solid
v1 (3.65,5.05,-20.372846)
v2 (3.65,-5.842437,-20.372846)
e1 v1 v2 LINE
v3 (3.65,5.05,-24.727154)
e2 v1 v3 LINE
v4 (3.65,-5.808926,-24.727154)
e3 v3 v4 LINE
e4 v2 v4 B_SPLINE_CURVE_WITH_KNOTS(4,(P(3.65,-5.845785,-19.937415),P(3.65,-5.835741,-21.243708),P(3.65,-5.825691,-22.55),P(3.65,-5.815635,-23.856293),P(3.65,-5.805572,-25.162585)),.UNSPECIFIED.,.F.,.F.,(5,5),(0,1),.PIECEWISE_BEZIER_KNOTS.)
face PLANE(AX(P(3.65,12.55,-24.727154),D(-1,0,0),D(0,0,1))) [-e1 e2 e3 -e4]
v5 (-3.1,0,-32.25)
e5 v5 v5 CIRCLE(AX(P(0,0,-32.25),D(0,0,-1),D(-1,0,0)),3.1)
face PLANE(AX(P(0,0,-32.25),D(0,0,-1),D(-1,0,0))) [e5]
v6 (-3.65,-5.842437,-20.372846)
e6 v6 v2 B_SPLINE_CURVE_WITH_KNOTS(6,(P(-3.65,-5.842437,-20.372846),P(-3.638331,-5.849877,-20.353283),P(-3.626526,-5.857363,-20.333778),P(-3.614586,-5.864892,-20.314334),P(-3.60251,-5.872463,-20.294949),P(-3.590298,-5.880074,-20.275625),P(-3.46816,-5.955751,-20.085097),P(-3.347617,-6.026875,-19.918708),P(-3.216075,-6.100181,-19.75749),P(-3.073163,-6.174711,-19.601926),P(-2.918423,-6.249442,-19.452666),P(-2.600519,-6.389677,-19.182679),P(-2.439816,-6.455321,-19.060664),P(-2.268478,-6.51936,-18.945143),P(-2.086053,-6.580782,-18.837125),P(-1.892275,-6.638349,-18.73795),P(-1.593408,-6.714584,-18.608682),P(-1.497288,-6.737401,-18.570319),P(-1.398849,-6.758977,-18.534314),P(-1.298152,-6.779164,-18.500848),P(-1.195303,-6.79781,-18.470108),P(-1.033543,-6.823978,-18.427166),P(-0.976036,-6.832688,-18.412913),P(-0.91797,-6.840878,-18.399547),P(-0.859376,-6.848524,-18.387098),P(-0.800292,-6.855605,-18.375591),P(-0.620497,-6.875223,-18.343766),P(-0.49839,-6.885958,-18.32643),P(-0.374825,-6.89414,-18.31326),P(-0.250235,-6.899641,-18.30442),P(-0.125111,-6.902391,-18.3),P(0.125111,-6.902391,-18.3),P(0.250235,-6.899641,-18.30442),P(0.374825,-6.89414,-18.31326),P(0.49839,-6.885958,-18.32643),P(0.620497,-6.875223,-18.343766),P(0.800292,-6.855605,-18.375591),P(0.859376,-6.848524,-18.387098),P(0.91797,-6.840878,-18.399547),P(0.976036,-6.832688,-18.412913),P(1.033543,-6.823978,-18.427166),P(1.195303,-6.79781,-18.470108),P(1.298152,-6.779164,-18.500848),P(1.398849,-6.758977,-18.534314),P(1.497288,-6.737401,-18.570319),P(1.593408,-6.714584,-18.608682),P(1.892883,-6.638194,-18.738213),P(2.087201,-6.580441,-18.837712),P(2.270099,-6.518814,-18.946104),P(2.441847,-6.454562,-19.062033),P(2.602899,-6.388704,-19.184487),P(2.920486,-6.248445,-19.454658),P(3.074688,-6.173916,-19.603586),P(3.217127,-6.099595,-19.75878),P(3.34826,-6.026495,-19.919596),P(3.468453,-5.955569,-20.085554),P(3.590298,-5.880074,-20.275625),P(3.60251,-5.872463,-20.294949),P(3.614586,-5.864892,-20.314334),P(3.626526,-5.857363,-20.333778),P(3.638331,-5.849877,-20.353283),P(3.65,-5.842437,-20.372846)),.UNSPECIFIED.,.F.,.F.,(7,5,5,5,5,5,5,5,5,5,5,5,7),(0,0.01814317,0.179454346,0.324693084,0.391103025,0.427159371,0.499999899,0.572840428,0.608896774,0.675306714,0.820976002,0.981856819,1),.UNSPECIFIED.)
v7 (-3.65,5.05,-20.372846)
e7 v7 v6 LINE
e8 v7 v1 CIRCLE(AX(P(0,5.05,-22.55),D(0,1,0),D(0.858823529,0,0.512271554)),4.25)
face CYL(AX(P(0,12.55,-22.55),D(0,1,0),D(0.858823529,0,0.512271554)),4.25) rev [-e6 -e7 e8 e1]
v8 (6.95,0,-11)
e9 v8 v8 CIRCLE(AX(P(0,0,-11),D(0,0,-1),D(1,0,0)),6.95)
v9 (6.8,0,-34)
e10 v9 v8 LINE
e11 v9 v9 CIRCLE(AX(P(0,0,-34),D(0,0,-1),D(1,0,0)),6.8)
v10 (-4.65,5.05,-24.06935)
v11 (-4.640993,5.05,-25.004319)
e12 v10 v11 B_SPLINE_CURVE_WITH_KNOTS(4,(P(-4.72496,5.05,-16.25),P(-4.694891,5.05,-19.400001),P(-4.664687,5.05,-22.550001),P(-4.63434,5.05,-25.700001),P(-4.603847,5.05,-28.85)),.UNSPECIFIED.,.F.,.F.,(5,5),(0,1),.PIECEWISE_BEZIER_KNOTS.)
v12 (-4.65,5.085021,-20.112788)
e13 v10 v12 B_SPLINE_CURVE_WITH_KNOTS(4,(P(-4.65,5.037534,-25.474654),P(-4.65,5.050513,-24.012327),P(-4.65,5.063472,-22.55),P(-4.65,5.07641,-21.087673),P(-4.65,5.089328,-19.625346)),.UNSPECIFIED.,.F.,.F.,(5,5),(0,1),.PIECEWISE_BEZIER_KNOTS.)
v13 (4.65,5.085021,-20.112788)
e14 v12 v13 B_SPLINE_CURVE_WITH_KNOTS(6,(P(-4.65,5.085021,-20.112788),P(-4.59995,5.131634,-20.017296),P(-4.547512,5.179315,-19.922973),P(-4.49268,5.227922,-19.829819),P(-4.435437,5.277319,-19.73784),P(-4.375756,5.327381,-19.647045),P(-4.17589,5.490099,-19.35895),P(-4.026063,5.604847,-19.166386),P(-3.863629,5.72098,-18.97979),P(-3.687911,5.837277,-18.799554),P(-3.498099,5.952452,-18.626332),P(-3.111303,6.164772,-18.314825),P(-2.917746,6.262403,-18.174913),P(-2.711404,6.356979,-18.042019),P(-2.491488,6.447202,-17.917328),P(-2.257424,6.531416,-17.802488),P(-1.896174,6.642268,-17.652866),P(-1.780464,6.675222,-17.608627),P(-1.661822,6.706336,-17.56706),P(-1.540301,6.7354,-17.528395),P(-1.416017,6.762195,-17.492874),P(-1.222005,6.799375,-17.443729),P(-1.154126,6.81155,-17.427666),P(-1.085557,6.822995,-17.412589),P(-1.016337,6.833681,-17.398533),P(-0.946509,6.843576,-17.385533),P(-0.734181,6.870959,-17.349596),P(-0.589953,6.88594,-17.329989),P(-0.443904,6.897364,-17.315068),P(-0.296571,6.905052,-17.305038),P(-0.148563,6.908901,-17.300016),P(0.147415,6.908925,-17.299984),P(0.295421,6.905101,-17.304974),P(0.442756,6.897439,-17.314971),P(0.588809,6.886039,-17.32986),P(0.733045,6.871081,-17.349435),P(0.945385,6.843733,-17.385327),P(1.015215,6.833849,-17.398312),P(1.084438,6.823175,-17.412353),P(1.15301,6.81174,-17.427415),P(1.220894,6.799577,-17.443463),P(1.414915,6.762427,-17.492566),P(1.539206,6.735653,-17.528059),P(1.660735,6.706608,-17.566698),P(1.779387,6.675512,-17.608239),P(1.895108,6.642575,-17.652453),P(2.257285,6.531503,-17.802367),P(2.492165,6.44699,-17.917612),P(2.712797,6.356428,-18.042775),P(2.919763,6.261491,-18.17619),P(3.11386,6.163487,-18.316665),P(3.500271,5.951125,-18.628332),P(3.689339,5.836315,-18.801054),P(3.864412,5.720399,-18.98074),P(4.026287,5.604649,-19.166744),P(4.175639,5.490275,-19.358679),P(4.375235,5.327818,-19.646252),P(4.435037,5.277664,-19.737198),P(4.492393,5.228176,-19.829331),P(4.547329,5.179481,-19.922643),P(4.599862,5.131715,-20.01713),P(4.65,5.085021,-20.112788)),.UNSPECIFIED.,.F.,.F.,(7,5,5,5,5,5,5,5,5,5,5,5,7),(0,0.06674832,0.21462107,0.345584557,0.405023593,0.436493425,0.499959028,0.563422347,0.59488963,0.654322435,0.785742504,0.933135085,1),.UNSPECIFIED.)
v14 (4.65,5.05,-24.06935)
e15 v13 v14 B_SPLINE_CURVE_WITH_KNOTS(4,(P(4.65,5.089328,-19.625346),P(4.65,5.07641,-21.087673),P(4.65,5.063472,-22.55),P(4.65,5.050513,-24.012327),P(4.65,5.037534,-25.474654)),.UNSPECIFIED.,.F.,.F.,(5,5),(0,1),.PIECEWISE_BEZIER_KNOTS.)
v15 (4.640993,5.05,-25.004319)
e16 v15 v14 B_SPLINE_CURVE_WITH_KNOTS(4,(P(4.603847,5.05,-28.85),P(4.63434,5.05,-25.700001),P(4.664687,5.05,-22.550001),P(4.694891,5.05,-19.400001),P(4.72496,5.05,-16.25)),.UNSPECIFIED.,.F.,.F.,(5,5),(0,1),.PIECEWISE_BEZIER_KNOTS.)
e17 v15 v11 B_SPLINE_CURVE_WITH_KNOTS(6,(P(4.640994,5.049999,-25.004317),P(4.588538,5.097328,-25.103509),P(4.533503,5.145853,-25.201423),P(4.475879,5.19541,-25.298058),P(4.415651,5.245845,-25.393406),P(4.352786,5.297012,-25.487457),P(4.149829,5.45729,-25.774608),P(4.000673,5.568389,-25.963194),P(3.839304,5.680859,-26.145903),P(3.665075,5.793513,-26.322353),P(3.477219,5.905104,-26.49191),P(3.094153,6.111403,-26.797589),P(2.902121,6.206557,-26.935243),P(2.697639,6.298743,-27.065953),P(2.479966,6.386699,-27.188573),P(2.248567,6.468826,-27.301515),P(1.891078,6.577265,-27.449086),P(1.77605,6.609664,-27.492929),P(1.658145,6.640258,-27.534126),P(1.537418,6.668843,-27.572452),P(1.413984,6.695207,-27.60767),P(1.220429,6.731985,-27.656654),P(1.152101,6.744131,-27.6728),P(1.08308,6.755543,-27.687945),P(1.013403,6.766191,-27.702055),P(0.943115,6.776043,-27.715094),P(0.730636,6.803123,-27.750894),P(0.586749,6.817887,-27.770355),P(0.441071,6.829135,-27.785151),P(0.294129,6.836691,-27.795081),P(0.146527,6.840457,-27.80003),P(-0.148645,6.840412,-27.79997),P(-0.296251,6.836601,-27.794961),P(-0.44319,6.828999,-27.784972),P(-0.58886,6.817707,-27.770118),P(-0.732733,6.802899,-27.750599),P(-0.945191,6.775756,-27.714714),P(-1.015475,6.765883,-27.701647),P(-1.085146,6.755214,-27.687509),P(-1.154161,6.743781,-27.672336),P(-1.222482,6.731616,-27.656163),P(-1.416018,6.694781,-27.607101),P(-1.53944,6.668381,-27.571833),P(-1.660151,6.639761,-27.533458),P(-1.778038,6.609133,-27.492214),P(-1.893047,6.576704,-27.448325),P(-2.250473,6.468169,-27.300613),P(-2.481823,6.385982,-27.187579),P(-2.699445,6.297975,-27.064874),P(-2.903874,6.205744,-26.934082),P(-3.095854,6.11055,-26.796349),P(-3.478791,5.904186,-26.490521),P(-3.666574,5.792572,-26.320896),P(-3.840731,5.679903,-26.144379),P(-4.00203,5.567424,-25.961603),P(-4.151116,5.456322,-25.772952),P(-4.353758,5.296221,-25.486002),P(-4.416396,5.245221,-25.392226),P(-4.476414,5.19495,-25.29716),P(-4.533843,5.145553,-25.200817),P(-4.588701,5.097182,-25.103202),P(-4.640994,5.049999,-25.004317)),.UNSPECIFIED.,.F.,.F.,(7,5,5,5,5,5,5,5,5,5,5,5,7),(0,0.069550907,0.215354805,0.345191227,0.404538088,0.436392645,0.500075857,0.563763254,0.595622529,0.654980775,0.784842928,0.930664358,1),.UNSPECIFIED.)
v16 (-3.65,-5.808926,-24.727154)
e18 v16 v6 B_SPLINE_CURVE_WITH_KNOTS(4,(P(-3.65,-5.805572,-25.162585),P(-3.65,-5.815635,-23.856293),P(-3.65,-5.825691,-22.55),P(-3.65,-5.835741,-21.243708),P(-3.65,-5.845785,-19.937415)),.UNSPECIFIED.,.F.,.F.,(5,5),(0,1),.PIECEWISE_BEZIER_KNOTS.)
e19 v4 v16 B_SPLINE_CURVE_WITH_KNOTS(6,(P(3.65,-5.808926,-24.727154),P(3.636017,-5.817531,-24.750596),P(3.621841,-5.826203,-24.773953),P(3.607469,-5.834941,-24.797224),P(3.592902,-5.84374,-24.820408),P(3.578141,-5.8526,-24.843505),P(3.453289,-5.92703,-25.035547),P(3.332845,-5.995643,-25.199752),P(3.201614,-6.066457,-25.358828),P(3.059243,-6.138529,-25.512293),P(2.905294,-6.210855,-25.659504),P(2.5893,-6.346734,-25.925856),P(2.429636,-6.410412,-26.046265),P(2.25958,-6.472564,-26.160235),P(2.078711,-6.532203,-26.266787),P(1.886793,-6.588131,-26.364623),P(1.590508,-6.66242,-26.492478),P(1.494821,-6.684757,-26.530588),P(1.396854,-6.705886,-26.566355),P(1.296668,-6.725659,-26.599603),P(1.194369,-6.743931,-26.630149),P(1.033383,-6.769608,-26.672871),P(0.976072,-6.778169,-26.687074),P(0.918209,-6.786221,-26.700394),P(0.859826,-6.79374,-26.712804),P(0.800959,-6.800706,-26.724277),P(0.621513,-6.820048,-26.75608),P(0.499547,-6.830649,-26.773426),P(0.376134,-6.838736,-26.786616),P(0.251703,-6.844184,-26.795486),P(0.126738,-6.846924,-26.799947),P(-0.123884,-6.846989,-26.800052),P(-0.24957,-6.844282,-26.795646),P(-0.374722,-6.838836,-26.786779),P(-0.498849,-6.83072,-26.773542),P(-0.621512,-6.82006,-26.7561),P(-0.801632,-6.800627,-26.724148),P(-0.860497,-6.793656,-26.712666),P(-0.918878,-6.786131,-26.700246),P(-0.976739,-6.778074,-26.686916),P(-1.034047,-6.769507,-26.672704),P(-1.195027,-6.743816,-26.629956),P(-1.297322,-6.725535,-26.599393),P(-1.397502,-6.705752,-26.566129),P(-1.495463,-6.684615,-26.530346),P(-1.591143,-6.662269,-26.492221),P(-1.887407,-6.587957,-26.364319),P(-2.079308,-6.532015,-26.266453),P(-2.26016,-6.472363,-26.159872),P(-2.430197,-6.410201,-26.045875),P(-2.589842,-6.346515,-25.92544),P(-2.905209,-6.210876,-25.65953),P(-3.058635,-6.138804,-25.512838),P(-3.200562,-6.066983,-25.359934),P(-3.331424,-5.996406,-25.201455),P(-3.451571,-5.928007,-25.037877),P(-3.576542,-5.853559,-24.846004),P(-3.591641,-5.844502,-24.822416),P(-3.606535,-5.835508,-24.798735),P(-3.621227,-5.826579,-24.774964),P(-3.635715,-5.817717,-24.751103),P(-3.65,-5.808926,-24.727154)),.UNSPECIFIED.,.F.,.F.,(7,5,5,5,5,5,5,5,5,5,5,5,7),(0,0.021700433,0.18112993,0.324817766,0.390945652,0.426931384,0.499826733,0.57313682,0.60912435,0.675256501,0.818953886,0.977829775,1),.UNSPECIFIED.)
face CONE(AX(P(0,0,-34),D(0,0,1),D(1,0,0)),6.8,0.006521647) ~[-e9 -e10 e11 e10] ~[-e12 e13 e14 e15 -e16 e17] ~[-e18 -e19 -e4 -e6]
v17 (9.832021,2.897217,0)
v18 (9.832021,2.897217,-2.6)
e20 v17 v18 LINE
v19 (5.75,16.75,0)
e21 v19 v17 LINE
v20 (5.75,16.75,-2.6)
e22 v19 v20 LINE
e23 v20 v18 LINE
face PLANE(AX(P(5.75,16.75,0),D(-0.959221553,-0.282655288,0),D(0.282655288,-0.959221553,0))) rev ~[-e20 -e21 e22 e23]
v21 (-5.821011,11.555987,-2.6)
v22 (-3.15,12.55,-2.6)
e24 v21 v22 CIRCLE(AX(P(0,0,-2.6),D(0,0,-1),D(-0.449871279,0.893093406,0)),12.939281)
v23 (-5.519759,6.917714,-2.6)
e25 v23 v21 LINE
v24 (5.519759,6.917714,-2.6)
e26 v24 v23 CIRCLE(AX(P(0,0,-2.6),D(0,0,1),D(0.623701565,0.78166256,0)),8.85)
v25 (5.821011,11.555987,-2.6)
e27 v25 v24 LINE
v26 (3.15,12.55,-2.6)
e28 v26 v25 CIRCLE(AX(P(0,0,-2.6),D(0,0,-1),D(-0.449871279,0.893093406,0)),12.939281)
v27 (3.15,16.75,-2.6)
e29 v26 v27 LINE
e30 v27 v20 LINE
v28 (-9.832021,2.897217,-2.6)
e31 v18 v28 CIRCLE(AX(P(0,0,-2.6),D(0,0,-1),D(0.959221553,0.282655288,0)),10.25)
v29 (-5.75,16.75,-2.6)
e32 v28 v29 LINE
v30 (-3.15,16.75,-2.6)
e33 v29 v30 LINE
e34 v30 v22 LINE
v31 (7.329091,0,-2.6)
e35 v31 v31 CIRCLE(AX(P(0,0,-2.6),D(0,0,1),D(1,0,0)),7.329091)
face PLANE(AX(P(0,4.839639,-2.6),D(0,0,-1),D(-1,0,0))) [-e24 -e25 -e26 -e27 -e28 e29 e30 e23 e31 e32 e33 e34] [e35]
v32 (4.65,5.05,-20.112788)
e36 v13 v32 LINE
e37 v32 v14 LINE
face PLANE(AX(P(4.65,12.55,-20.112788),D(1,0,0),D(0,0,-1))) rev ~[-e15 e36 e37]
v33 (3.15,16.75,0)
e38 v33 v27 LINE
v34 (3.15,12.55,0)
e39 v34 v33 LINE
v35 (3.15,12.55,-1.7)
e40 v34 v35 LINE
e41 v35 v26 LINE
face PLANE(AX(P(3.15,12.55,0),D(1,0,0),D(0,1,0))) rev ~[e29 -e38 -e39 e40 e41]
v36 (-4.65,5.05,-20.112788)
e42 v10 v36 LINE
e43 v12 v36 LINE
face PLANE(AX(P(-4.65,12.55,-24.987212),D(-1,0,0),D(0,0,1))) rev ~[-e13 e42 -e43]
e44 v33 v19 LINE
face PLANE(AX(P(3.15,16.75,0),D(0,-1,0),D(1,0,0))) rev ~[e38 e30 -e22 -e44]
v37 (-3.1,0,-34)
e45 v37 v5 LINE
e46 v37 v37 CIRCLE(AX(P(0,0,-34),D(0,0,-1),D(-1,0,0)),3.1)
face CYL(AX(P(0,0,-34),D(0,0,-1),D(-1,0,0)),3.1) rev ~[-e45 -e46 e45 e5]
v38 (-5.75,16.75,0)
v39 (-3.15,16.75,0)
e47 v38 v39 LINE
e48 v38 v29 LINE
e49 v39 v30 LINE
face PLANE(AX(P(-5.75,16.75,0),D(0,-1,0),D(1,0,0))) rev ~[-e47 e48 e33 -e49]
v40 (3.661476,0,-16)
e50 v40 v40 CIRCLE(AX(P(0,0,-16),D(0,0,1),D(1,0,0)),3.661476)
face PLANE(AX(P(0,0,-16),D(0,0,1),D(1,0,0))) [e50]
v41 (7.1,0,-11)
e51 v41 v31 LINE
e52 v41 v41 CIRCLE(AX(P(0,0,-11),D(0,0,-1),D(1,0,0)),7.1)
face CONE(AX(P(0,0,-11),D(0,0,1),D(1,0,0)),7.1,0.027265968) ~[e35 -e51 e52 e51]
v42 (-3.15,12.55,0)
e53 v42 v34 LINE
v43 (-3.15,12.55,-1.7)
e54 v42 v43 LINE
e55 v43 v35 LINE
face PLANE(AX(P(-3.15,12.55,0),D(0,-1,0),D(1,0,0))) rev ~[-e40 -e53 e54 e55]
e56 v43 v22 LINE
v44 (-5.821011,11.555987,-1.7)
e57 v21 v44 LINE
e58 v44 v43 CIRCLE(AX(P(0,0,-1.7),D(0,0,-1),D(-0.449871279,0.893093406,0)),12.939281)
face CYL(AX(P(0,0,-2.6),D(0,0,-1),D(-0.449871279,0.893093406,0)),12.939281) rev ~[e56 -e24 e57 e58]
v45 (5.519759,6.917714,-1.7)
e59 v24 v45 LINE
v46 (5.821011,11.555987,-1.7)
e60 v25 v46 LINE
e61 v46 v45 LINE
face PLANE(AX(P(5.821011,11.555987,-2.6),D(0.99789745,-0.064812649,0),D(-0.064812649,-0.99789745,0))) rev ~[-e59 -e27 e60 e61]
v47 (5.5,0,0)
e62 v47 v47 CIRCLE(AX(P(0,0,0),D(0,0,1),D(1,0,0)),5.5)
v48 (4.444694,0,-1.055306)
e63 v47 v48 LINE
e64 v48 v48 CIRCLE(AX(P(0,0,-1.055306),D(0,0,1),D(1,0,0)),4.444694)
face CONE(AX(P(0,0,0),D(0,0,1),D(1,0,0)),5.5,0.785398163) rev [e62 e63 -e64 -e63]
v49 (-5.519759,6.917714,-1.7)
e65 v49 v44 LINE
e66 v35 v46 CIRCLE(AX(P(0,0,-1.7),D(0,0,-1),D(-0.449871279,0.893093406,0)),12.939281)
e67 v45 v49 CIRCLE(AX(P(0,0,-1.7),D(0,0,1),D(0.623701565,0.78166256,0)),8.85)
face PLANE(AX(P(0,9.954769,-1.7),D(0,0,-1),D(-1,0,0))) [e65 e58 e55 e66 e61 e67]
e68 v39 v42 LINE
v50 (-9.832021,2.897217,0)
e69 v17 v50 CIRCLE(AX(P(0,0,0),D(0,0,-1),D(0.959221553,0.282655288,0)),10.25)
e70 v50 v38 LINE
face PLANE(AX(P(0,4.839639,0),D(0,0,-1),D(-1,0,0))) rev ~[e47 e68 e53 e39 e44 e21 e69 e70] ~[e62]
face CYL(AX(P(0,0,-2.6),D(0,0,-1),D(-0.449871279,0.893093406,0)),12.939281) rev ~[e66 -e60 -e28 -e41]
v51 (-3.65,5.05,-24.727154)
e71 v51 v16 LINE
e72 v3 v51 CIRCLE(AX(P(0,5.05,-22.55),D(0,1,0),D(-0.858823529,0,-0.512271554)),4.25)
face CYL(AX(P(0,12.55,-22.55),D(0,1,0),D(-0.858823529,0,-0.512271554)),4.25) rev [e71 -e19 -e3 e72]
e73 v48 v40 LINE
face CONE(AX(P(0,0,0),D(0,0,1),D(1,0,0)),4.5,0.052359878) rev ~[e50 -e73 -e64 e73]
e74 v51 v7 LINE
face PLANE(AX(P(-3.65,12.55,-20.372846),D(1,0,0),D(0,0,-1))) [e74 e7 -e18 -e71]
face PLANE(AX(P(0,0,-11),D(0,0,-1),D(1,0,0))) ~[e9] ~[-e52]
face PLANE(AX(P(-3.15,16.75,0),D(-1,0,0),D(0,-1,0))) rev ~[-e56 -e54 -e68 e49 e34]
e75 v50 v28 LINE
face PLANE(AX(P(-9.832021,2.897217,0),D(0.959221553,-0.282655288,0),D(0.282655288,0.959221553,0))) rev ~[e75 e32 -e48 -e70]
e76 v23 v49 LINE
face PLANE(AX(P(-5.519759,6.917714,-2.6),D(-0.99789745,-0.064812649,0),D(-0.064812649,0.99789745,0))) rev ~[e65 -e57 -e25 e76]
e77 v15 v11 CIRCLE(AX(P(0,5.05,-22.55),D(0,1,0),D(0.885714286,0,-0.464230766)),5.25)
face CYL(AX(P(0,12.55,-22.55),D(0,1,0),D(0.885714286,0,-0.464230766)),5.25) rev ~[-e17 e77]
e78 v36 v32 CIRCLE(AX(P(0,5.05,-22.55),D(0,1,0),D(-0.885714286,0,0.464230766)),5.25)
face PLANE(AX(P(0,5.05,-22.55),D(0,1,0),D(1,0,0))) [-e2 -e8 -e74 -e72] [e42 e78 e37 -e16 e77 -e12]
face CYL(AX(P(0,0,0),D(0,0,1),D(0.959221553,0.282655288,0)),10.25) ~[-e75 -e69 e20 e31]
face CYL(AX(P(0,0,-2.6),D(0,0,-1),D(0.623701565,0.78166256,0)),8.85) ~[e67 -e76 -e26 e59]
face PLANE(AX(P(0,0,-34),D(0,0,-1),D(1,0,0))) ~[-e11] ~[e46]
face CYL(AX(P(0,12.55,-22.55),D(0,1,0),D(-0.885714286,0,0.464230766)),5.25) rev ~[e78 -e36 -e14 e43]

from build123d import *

# Parameters (mm, degrees)
BOSS_EXTRUDE1_DEPTH = 2.6
CUT_EXTRUDE1_DEPTH  = 0.9
SKETCH4_R           = 4.5
CUT_EXTRUDE2_DEPTH  = 16
CUT_EXTRUDE2_DRAFT  = -3
SKETCH5_R           = 3.1
CUT_EXTRUDE3_DEPTH  = 1.75
CUT_EXTRUDE4_DEPTH  = 43.200740515
CUT_EXTRUDE5_DEPTH  = 7.5
CHAMFER1_SIZE       = 1
CHAMFER1_SIZE2      = 1.056754503


with BuildPart() as part:
    # Sketch1 → Revolve1 (revolve)
    with BuildSketch(Plane(origin=(0, 0, 0), x_dir=(0, 0, -1), z_dir=(1, 0, 0)), mode=Mode.PRIVATE) as revolve1_sk:
        Polygon((34, 0), (34, 6.8), (11, 6.95), (11, 7.1), (0, 7.4), (0, 0), align=None)
    revolve(revolve1_sk.sketch.rotate(Axis((0, 0, 0), (0, 0, -1)), 90), axis=Axis((0, 0, 0), (0, 0, -1)))

    # Sketch2 → Boss-Extrude1 (add)
    with BuildSketch(Plane.XY):
        with BuildLine():
            Line((-9.832020922, 2.897216699), (-5.75, 16.75))
            Line((-5.75, 16.75), (-3.15, 16.75))
            Line((-3.15, 16.75), (-3.15, 12.55))
            Line((-3.15, 12.55), (3.15, 12.55))
            Line((3.15, 12.55), (3.15, 16.75))
            Line((3.15, 16.75), (5.75, 16.75))
            Line((5.75, 16.75), (9.832020922, 2.897216699))
            ThreePointArc((9.832020922, 2.897216699), (0, -10.25), (-9.832020922, 2.897216699))
        make_face()
    extrude(amount=-BOSS_EXTRUDE1_DEPTH)

    # Sketch3 → Cut-Extrude1 (cut)
    with BuildSketch(Plane(origin=(0, 0, -2.6), x_dir=(-1, 0, 0), z_dir=(0, 0, -1))):
        with BuildLine():
            Line((-5.821011016, 11.555986793), (-5.519758848, 6.917713659))
            ThreePointArc((-5.519758848, 6.917713659), (0, 8.85), (5.519758848, 6.917713659))
            Line((5.519758848, 6.917713659), (5.821011016, 11.555986793))
            ThreePointArc((5.821011016, 11.555986793), (0, 12.939281278), (-5.821011016, 11.555986793))
        make_face()
    extrude(amount=-CUT_EXTRUDE1_DEPTH, mode=Mode.SUBTRACT)


with BuildPart() as cut_extrude2_tool:
    # Sketch4 → Cut-Extrude2 (with draft: the straight prism first)
    with BuildSketch(Plane.XY):
        Circle(SKETCH4_R)
    extrude(amount=-CUT_EXTRUDE2_DEPTH)
    # Cut-Extrude2: the draft: its side faces are tilted about the plane it starts from
    cut_extrude2_sides = [cut_extrude2_tool.faces().sort_by_distance(p)[0] for p in [
        (-4.5, 0, -8),
    ]]
    draft(cut_extrude2_sides, Plane.XY, CUT_EXTRUDE2_DRAFT)


with BuildPart() as part_1:
    add(part.part)

    # Cut-Extrude2: cut by cut_extrude2_tool
    add(cut_extrude2_tool.part, mode=Mode.SUBTRACT)

    # Sketch5 → Cut-Extrude3 (cut)
    with BuildSketch(Plane(origin=(0, 0, -34), x_dir=(-1, 0, 0), z_dir=(0, 0, -1))):
        Circle(SKETCH5_R)
    extrude(amount=-CUT_EXTRUDE3_DEPTH, mode=Mode.SUBTRACT)

    # Sketch6 → Cut-Extrude4 (cut, through all)
    with BuildSketch(Plane(origin=(0, 12.55, 0), x_dir=(1, 0, 0), z_dir=(0, 1, 0))):
        with BuildLine():
            Line((-3.65, 20.372845894), (-3.65, 24.727154106))
            ThreePointArc((-3.65, 24.727154106), (0, 26.8), (3.65, 24.727154106))
            Line((3.65, 24.727154106), (3.65, 20.372845894))
            ThreePointArc((3.65, 20.372845894), (0, 18.3), (-3.65, 20.372845894))
        make_face()
    extrude(amount=-CUT_EXTRUDE4_DEPTH, mode=Mode.SUBTRACT)

    # Sketch7 → Cut-Extrude5 (cut)
    with BuildSketch(Plane(origin=(0, 12.55, 0), x_dir=(1, 0, 0), z_dir=(0, 1, 0))):
        with BuildLine():
            Line((4.65, 20.112788479), (4.65, 24.987211521))
            ThreePointArc((4.65, 24.987211521), (0, 27.8), (-4.65, 24.987211521))
            Line((-4.65, 24.987211521), (-4.65, 20.112788479))
            ThreePointArc((-4.65, 20.112788479), (0, 17.3), (4.65, 20.112788479))
        make_face()
    extrude(amount=-CUT_EXTRUDE5_DEPTH, mode=Mode.SUBTRACT)

    # Chamfer1
    chamfer1_edges = [part_1.edges().sort_by_distance(p)[0] for p in [
        (-4.5, 0, 0),
    ]]
    chamfer1_side = [part_1.faces().sort_by_distance(p)[0] for p in [
        (-7.465828695, 9.727786539, 0),
    ]]
    chamfer(chamfer1_edges, length=CHAMFER1_SIZE, length2=CHAMFER1_SIZE2, reference=chamfer1_side[0])


solid = part_1.part
